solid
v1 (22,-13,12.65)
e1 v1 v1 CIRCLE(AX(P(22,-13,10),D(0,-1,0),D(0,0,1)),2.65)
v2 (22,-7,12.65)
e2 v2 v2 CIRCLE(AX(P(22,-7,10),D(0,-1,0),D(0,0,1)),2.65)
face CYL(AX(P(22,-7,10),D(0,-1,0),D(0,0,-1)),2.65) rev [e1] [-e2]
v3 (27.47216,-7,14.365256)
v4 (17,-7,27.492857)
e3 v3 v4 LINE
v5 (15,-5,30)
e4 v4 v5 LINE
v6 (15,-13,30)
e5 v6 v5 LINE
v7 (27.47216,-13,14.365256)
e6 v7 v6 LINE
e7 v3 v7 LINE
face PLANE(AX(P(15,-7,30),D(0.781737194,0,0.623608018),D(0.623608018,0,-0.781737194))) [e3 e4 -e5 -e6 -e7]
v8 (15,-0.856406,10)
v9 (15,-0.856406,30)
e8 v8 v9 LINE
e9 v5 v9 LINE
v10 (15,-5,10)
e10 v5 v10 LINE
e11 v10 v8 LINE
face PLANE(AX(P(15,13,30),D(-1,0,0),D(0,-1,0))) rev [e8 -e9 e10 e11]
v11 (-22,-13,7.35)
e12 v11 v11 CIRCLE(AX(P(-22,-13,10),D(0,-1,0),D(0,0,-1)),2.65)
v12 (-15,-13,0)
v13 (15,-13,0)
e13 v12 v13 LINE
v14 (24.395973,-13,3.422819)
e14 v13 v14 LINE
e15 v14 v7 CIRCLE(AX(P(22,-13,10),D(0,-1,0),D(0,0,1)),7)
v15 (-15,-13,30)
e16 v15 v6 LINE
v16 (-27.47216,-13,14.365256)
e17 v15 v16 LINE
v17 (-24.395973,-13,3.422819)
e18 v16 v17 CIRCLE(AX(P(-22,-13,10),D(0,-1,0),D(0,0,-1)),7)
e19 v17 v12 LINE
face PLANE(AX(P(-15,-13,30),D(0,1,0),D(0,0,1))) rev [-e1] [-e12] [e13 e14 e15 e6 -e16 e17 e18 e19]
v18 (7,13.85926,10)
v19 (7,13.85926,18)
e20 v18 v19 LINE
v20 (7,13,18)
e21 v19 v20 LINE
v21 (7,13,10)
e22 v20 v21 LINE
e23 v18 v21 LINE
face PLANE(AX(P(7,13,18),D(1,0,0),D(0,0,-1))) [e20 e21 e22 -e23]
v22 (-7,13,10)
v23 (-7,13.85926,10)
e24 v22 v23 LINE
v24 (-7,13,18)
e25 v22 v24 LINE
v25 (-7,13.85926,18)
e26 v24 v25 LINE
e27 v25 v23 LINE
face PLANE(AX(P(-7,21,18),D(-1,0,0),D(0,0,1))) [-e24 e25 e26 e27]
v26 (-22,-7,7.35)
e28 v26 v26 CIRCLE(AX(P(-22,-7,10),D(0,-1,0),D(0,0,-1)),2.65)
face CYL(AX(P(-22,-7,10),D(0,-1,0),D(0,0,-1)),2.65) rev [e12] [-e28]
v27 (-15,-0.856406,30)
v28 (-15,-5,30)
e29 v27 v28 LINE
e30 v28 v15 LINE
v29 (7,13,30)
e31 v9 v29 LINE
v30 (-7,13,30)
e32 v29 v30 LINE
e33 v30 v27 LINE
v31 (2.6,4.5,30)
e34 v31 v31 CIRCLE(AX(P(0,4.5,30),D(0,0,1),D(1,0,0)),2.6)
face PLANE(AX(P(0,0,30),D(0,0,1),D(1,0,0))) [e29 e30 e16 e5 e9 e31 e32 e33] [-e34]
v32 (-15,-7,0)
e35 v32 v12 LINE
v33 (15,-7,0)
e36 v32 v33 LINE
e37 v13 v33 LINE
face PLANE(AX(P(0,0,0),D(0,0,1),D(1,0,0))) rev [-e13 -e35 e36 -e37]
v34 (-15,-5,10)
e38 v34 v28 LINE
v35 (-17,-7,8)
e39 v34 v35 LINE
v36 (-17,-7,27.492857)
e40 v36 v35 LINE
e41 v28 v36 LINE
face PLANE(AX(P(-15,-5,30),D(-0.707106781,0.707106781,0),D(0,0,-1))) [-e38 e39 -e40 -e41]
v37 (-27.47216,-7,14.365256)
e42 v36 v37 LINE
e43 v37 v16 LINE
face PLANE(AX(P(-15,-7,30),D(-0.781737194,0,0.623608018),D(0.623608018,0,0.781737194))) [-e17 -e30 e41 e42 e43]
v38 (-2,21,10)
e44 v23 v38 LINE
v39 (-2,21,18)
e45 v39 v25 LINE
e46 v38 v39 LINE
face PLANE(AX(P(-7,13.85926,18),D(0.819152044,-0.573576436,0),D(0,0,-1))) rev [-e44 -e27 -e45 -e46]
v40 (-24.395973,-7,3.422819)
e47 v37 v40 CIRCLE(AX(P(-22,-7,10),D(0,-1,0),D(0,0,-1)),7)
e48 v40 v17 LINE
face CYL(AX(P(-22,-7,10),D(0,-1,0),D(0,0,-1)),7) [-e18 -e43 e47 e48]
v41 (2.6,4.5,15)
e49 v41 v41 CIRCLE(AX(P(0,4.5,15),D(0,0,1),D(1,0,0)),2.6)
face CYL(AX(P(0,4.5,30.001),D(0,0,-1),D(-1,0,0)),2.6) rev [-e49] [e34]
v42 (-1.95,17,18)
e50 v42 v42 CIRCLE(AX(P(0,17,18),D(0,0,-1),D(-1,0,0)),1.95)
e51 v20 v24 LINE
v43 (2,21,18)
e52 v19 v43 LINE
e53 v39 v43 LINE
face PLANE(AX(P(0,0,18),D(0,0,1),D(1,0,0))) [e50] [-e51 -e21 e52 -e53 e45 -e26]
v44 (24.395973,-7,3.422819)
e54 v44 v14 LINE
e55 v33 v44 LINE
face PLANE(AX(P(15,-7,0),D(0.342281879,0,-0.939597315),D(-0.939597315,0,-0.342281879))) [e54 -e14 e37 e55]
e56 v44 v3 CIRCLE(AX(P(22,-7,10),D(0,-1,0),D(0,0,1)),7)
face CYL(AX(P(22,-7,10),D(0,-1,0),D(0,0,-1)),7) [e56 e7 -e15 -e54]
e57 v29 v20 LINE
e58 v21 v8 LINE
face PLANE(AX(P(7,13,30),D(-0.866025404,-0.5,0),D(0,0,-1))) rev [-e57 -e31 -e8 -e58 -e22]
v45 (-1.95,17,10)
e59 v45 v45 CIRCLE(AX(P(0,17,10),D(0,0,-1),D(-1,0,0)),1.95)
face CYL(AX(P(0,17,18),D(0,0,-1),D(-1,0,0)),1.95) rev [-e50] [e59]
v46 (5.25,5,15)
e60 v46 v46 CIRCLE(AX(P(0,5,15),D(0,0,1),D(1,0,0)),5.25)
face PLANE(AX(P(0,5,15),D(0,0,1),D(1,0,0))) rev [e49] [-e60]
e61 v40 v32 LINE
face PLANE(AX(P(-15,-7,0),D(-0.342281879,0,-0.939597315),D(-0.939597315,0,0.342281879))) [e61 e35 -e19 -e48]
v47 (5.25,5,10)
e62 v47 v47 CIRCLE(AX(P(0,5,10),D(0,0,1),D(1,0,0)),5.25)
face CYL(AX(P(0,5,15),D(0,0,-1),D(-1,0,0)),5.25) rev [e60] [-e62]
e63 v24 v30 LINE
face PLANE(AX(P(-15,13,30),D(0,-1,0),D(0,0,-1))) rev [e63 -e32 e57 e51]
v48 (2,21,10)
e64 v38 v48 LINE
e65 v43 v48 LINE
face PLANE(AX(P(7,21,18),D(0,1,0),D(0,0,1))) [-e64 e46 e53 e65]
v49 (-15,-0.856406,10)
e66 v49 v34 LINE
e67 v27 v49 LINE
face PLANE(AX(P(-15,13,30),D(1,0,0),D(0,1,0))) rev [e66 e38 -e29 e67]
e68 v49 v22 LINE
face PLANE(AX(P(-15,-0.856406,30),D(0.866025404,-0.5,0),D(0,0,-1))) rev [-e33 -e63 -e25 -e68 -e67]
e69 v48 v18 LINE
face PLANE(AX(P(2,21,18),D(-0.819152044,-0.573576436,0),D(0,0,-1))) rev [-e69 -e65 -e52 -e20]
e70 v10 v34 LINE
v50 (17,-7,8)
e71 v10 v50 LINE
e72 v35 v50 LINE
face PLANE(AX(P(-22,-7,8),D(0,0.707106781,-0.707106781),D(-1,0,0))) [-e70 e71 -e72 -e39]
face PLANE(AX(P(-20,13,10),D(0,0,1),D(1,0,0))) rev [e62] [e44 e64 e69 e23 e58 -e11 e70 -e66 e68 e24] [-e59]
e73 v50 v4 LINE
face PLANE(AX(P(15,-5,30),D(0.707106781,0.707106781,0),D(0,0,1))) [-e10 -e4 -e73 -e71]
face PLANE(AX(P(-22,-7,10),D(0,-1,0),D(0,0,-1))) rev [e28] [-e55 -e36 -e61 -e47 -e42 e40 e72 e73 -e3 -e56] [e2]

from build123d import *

# Parameters (mm, degrees)
SKETCH1_W           = 30
SKETCH1_H           = 26
BOSS_EXTRUDE1_DEPTH = 30
SKETCH2_R           = 5.25
CUT_EXTRUDE1_DEPTH  = 15
CUT_EXTRUDE2_REACH  = 37.972
SKETCH3_R           = 2.6
SKETCH4_R           = 2.65
BOSS_EXTRUDE2_DEPTH = 6
CHAMFER1_SIZE       = 8
CHAMFER1_SIZE2      = 13.856406461
SKETCH5_W           = 10
SKETCH5_H           = 20
CUT_EXTRUDE3_DEPTH  = 20
CHAMFER2_SIZE       = 2
SKETCH6_W           = 14
SKETCH6_H           = 8
SKETCH6_R           = 1.95
BOSS_EXTRUDE3_DEPTH = 8
CHAMFER3_SIZE       = 5
CHAMFER3_SIZE2      = 7.140740034


with BuildPart() as part:
    # Sketch1 → Boss-Extrude1 (new body)
    with BuildSketch(Plane.XY):
        Rectangle(SKETCH1_W, SKETCH1_H)
    extrude(amount=BOSS_EXTRUDE1_DEPTH)

    # Sketch2 → Cut-Extrude1 (cut)
    with BuildSketch(Plane.XY):
        with Locations((0, 5)):
            Circle(SKETCH2_R)
    extrude(amount=CUT_EXTRUDE1_DEPTH, mode=Mode.SUBTRACT)

    # Sketch3 → Cut-Extrude2 (cut, up to next)
    with BuildSketch(Plane.XY, mode=Mode.PRIVATE) as cut_extrude2_sk1:
        with Locations((0, 4.5)):
            Circle(SKETCH3_R)
    cut_extrude2_tool1 = extrude(cut_extrude2_sk1.sketch, amount=CUT_EXTRUDE2_REACH, mode=Mode.PRIVATE) & part.part
    add(cut_extrude2_tool1.solids().sort_by_distance((0, 4.5, 0))[0], mode=Mode.SUBTRACT)

    # Sketch4 → Boss-Extrude2 (add)
    # profile 1 of 2: a face of its own
    with BuildSketch(Plane.XZ.offset(13)):
        with BuildLine():
            Line((-15, 30), (-27.472160356, 14.365256125))
            ThreePointArc((-27.472160356, 14.365256125), (-28.738776961, 8.10556471), (-24.395973154, 3.422818792))
            Line((-24.395973154, 3.422818792), (-15, 0))
            Line((-15, 0), (-15, 30))
        make_face()
        with Locations(Location((-22, 10, 0), (0, 0, 270))):
            Circle(SKETCH4_R, mode=Mode.SUBTRACT)
    # profile 2 of 2: a face of its own
    with BuildSketch(Plane.XZ.offset(13)):
        with BuildLine():
            Line((15, 0), (24.395973154, 3.422818792))
            ThreePointArc((24.395973154, 3.422818792), (28.738776961, 8.10556471), (27.472160356, 14.365256125))
            Line((27.472160356, 14.365256125), (15, 30))
            Line((15, 30), (15, 0))
        make_face()
        with Locations(Location((22, 10, 0), (0, 0, 90))):
            Circle(SKETCH4_R, mode=Mode.SUBTRACT)
    extrude(amount=-BOSS_EXTRUDE2_DEPTH)

    # Chamfer1
    chamfer1_edges = [part.edges().sort_by_distance(p)[0] for p in [
        (-15, 13, 15),
        (15, 13, 15),
    ]]
    chamfer1_side = [part.faces().sort_by_distance(p)[0] for p in [
        (0, 13, 15),
    ]]
    chamfer(chamfer1_edges, length=CHAMFER1_SIZE, length2=CHAMFER1_SIZE2, reference=chamfer1_side[0])

    # Sketch5 → Cut-Extrude3 (cut, symmetric)
    with BuildSketch(Plane(origin=(0, 0, 0), x_dir=(0, 0, -1), z_dir=(1, 0, 0))):
        with Locations((-5, 3)):
            Rectangle(SKETCH5_W, SKETCH5_H)
    extrude(amount=CUT_EXTRUDE3_DEPTH, both=True, mode=Mode.SUBTRACT)

    # Chamfer2
    chamfer2_edges = [part.edges().sort_by_distance(p)[0] for p in [
        (-15, -7, 20),
        (15, -7, 20),
        (0, -7, 10),
    ]]
    chamfer(chamfer2_edges, length=CHAMFER2_SIZE)

    # Sketch6 → Boss-Extrude3 (add)
    with BuildSketch(Plane(origin=(0, 0, 10), x_dir=(-1, 0, 0), z_dir=(0, 0, -1))):
        with Locations((0, 17)):
            Rectangle(SKETCH6_W, SKETCH6_H)
        with Locations((0, 17)):
            Circle(SKETCH6_R, mode=Mode.SUBTRACT)
    extrude(amount=-BOSS_EXTRUDE3_DEPTH)

    # Chamfer3
    chamfer3_edges = [part.edges().sort_by_distance(p)[0] for p in [
        (7, 21, 14),
        (-7, 21, 14),
    ]]
    chamfer3_side = [part.faces().sort_by_distance(p)[0] for p in [
        (0, 21, 14),
    ]]
    chamfer(chamfer3_edges, length=CHAMFER3_SIZE, length2=CHAMFER3_SIZE2, reference=chamfer3_side[0])


solid = part.part
